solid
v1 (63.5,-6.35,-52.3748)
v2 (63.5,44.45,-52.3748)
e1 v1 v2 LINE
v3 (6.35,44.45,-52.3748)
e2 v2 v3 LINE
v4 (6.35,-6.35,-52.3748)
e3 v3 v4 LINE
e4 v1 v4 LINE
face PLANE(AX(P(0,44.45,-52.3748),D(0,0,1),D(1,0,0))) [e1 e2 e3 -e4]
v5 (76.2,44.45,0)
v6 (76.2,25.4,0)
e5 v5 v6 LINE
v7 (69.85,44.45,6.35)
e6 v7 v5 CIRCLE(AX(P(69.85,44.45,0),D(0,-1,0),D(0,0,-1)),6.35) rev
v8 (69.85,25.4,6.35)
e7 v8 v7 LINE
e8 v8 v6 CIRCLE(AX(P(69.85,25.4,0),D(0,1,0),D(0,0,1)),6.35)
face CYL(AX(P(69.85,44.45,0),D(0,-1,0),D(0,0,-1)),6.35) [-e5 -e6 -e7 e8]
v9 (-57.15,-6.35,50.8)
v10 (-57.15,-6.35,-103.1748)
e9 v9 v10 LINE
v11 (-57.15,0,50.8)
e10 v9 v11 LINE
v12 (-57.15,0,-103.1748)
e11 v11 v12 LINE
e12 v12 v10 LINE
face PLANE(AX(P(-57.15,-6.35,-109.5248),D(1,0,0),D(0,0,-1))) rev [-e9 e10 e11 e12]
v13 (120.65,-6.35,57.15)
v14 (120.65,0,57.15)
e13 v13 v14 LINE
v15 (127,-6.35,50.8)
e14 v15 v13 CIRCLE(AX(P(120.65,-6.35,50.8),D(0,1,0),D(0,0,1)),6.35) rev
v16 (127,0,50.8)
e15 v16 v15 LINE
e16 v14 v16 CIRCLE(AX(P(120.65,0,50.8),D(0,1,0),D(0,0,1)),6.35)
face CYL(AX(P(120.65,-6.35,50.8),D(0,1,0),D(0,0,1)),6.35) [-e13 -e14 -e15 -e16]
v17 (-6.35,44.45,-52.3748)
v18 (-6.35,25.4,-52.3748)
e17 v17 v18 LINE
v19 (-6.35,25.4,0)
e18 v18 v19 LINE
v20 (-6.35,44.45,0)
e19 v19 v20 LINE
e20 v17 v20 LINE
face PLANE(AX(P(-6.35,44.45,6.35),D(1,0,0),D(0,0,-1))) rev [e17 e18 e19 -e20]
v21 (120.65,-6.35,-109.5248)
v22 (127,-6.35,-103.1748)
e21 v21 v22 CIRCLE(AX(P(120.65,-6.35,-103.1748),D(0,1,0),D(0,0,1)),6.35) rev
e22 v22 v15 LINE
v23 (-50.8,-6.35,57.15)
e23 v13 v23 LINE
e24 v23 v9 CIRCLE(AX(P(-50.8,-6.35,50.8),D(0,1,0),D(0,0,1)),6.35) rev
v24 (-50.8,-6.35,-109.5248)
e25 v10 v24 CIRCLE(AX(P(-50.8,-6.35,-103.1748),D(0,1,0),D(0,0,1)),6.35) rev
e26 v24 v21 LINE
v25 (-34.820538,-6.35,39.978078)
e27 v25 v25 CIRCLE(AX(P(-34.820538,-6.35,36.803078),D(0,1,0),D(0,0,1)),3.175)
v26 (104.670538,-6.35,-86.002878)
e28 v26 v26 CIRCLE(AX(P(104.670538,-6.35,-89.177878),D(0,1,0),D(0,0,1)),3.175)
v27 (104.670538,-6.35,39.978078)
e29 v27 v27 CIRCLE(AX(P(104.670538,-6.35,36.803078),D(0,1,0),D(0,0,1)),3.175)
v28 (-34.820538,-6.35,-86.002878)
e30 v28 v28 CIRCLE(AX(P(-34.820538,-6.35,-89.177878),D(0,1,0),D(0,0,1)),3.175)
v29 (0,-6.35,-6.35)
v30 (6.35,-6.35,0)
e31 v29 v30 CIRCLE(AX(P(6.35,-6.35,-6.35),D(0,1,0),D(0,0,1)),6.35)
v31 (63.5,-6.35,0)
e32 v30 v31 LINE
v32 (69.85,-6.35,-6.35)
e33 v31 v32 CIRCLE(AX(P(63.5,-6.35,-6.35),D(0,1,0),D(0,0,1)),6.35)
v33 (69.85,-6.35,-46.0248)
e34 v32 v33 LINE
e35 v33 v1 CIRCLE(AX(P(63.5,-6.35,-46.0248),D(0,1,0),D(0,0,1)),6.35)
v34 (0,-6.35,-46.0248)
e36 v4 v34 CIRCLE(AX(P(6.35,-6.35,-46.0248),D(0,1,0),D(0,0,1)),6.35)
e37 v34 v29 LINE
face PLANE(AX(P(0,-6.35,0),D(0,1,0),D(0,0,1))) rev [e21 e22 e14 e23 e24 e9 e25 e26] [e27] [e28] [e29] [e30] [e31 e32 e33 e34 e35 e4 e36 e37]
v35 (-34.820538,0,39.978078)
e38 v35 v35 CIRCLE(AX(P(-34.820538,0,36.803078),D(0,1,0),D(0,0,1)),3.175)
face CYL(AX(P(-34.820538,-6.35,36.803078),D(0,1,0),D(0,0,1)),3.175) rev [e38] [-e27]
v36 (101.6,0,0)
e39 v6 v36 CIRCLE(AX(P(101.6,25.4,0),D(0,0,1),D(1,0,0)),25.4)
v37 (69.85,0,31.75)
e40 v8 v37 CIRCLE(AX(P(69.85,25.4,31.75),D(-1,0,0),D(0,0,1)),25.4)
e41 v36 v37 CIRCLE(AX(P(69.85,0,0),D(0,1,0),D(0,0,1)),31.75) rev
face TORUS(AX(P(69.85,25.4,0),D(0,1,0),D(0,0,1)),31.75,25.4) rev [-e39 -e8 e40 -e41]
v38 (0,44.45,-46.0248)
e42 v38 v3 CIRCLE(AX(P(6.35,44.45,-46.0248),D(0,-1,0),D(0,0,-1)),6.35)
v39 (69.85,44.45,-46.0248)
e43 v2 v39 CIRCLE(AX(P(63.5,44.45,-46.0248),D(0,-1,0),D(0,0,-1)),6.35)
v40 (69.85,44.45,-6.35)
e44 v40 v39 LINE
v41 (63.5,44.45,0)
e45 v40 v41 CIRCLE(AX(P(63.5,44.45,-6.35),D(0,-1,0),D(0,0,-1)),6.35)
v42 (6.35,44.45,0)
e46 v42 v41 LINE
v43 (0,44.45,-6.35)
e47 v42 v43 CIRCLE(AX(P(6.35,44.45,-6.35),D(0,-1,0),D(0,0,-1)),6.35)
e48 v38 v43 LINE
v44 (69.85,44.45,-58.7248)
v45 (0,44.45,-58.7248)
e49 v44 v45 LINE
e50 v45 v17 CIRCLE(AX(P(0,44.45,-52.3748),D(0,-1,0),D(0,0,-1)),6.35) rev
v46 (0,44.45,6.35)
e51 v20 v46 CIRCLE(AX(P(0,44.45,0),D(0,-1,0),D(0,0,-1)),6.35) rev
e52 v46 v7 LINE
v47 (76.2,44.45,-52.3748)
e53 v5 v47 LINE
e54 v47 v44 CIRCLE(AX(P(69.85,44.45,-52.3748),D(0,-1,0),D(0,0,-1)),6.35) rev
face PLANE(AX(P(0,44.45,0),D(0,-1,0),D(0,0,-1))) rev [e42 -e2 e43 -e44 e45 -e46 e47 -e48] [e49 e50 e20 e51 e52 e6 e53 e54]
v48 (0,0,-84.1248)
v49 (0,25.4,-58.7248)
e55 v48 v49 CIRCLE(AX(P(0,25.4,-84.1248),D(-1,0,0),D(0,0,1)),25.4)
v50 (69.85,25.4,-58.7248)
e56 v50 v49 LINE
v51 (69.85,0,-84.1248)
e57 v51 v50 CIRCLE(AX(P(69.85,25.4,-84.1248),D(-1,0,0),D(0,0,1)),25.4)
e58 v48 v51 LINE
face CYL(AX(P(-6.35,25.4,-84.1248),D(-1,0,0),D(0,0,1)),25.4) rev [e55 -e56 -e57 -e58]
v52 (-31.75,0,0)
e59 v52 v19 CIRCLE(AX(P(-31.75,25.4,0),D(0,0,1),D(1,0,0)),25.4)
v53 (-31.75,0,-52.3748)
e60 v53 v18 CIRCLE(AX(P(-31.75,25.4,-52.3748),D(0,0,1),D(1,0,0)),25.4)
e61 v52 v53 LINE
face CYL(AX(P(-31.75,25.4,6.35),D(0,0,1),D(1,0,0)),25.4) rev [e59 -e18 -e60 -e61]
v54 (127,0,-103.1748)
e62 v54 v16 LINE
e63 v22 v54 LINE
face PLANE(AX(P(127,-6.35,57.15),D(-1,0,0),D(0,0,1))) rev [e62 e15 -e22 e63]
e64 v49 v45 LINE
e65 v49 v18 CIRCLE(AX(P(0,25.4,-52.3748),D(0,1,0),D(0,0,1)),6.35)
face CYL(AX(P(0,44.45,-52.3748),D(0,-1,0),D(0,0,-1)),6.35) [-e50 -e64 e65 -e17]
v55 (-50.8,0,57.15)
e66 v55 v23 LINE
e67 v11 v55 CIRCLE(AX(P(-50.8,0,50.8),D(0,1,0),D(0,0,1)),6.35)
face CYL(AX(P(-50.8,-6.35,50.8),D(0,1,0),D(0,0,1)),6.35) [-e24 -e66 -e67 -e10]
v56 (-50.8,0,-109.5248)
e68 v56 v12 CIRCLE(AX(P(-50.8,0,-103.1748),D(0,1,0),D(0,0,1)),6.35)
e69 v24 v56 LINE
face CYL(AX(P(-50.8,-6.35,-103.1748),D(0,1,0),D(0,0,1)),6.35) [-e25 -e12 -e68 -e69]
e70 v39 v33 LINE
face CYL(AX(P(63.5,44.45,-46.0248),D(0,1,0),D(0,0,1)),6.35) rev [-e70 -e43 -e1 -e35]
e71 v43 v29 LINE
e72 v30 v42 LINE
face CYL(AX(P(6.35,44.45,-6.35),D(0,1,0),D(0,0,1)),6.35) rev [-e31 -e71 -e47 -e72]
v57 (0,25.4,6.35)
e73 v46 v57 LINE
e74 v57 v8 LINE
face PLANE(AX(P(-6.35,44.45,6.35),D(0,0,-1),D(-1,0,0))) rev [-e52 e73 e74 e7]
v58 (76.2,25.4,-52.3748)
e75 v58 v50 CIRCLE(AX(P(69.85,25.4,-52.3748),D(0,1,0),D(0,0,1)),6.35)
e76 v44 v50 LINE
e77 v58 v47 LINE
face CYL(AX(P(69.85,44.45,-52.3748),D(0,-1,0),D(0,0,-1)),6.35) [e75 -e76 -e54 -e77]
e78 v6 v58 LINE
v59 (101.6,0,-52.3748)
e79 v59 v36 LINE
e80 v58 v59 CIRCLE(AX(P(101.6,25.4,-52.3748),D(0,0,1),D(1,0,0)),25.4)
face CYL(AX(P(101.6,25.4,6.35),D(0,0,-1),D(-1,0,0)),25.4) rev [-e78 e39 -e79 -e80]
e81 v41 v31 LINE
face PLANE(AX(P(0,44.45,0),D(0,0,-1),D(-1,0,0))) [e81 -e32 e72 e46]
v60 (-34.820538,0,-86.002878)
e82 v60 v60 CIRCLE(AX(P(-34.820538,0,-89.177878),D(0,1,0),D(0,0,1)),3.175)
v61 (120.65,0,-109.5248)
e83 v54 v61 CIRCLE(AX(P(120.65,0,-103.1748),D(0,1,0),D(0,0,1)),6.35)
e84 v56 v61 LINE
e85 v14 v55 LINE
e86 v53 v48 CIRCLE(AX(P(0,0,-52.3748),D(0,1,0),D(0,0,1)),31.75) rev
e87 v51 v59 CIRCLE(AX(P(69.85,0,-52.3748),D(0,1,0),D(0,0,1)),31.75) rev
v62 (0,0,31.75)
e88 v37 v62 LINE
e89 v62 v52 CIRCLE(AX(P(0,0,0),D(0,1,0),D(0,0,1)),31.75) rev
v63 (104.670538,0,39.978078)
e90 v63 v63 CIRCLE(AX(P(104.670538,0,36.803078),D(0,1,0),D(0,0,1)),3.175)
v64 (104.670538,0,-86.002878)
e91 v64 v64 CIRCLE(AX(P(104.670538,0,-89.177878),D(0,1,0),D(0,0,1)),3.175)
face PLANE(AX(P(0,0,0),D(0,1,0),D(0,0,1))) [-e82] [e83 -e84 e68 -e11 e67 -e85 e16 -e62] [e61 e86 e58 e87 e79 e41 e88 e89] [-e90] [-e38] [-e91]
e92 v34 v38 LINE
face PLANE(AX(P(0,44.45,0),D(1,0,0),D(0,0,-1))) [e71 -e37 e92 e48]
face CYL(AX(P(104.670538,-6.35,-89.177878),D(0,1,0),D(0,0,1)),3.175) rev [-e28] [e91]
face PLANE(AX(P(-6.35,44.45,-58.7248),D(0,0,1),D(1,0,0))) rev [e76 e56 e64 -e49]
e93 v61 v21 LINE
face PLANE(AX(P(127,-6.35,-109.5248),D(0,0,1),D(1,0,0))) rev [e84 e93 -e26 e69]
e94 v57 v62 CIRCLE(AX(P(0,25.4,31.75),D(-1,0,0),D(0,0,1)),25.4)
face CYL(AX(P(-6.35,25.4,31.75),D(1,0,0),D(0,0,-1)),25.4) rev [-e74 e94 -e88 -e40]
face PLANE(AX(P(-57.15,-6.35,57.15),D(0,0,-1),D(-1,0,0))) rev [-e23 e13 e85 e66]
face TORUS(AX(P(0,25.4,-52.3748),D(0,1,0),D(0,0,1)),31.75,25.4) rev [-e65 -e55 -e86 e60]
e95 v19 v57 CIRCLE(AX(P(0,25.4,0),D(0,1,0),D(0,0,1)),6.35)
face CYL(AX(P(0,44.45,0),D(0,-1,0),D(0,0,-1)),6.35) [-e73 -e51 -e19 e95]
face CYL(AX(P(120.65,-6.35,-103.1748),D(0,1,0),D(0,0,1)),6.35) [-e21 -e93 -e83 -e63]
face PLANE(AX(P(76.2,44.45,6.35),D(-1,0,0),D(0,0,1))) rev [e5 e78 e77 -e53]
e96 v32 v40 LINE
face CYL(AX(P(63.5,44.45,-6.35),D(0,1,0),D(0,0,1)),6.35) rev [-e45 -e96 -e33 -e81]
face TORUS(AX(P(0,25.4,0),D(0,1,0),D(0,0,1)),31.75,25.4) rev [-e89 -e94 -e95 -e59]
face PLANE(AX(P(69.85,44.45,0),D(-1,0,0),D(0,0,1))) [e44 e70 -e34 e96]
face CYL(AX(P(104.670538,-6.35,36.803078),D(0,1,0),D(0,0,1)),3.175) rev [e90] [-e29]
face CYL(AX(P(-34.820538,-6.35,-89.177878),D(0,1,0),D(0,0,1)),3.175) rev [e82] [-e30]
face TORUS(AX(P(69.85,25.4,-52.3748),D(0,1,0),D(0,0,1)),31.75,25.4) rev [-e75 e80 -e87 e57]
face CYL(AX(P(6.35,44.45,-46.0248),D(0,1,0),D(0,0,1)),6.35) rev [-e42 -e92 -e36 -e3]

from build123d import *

# Parameters (mm, degrees)
SKETCH1_W           = 82.55
SKETCH1_H           = 65.0748
SKETCH1_W_2         = 69.85
SKETCH1_H_2         = 52.3748
BOSS_EXTRUDE1_DEPTH = 44.45
SKETCH2_W           = 184.15
SKETCH2_H           = 166.6748
BOSS_EXTRUDE4_DEPTH = 6.35
FILLET2_R           = 6.35
SKETCH3_R           = 3.175
CUT_EXTRUDE1_DEPTH  = 174.494911496
FILLET4_R           = 25.4
CUT_EXTRUDE2_DEPTH  = 174.494911496


with BuildPart() as part:
    # Sketch1 → Boss-Extrude1 (new body)
    with BuildSketch(Plane(origin=(0, 0, 0), x_dir=(1, 0, 0), z_dir=(0, 1, 0))):
        with Locations((34.925, 26.1874)):
            Rectangle(SKETCH1_W, SKETCH1_H)
        with Locations((34.925, 26.1874)):
            Rectangle(SKETCH1_W_2, SKETCH1_H_2, mode=Mode.SUBTRACT)
    extrude(amount=BOSS_EXTRUDE1_DEPTH)

    # Sketch2 → Boss-Extrude4 (add)
    with BuildSketch(Plane.XZ):
        with Locations((34.925, -26.1874)):
            Rectangle(SKETCH2_W, SKETCH2_H)
    extrude(amount=BOSS_EXTRUDE4_DEPTH)

    # Fillet2
    fillet2_edges = [part.edges().sort_by_distance(p)[0] for p in [
        (0, 22.225, -52.3748),
        (0, 22.225, 0),
        (69.85, 22.225, 0),
        (69.85, 22.225, -52.3748),
        (-57.15, -3.175, 57.15),
        (-57.15, -3.175, -109.5248),
        (127, -3.175, -109.5248),
        (127, -3.175, 57.15),
        (-6.35, 22.225, -58.7248),
        (76.2, 22.225, -58.7248),
        (76.2, 22.225, 6.35),
        (-6.35, 22.225, 6.35),
    ]]
    fillet(fillet2_edges, radius=FILLET2_R)

    # Sketch3 → Cut-Extrude1 (cut, through all)
    with BuildSketch(Plane(origin=(0, 0, 0), x_dir=(1, 0, 0), z_dir=(0, 1, 0))):
        with Locations(Location((104.670538096, 89.177877977, 0), (0, 0, 270))):
            Circle(SKETCH3_R)
        with Locations(Location((-34.820538096, -36.803077977, 0), (0, 0, 270))):
            Circle(SKETCH3_R)
        with Locations(Location((104.670538096, -36.803077977, 0), (0, 0, 270))):
            Circle(SKETCH3_R)
        with Locations(Location((-34.820538096, 89.177877977, 0), (0, 0, 270))):
            Circle(SKETCH3_R)
    extrude(amount=-CUT_EXTRUDE1_DEPTH, mode=Mode.SUBTRACT)

    # Fillet4
    fillet4_edges = [part.edges().sort_by_distance(p)[0] for p in [
        (-6.35, 0, -26.1874),
        (34.925, 0, -58.7248),
        (76.2, 0, -26.1874),
        (34.925, 0, 6.35),
        (-4.490128061, 0, -56.864928061),
        (-4.490128061, 0, 4.490128061),
        (74.340128061, 0, -56.864928061),
        (74.340128061, 0, 4.490128061),
    ]]
    fillet(fillet4_edges, radius=FILLET4_R)

    # Sketch4 → Cut-Extrude2 (cut, through all)
    with BuildSketch(Plane(origin=(0, 0, 0), x_dir=(1, 0, 0), z_dir=(0, 1, 0))):
        with BuildLine():
            Line((0, 46.0248), (0, 6.35))
            ThreePointArc((0, 6.35), (1.859871939, 1.859871939), (6.35, 0))
            Line((6.35, 0), (63.5, 0))
            ThreePointArc((63.5, 0), (67.990128061, 1.859871939), (69.85, 6.35))
            Line((69.85, 6.35), (69.85, 46.0248))
            ThreePointArc((69.85, 46.0248), (67.990128061, 50.514928061), (63.5, 52.3748))
            Line((63.5, 52.3748), (6.35, 52.3748))
            ThreePointArc((6.35, 52.3748), (1.859871939, 50.514928061), (0, 46.0248))
        make_face()
    extrude(amount=-CUT_EXTRUDE2_DEPTH, mode=Mode.SUBTRACT)


solid = part.part
